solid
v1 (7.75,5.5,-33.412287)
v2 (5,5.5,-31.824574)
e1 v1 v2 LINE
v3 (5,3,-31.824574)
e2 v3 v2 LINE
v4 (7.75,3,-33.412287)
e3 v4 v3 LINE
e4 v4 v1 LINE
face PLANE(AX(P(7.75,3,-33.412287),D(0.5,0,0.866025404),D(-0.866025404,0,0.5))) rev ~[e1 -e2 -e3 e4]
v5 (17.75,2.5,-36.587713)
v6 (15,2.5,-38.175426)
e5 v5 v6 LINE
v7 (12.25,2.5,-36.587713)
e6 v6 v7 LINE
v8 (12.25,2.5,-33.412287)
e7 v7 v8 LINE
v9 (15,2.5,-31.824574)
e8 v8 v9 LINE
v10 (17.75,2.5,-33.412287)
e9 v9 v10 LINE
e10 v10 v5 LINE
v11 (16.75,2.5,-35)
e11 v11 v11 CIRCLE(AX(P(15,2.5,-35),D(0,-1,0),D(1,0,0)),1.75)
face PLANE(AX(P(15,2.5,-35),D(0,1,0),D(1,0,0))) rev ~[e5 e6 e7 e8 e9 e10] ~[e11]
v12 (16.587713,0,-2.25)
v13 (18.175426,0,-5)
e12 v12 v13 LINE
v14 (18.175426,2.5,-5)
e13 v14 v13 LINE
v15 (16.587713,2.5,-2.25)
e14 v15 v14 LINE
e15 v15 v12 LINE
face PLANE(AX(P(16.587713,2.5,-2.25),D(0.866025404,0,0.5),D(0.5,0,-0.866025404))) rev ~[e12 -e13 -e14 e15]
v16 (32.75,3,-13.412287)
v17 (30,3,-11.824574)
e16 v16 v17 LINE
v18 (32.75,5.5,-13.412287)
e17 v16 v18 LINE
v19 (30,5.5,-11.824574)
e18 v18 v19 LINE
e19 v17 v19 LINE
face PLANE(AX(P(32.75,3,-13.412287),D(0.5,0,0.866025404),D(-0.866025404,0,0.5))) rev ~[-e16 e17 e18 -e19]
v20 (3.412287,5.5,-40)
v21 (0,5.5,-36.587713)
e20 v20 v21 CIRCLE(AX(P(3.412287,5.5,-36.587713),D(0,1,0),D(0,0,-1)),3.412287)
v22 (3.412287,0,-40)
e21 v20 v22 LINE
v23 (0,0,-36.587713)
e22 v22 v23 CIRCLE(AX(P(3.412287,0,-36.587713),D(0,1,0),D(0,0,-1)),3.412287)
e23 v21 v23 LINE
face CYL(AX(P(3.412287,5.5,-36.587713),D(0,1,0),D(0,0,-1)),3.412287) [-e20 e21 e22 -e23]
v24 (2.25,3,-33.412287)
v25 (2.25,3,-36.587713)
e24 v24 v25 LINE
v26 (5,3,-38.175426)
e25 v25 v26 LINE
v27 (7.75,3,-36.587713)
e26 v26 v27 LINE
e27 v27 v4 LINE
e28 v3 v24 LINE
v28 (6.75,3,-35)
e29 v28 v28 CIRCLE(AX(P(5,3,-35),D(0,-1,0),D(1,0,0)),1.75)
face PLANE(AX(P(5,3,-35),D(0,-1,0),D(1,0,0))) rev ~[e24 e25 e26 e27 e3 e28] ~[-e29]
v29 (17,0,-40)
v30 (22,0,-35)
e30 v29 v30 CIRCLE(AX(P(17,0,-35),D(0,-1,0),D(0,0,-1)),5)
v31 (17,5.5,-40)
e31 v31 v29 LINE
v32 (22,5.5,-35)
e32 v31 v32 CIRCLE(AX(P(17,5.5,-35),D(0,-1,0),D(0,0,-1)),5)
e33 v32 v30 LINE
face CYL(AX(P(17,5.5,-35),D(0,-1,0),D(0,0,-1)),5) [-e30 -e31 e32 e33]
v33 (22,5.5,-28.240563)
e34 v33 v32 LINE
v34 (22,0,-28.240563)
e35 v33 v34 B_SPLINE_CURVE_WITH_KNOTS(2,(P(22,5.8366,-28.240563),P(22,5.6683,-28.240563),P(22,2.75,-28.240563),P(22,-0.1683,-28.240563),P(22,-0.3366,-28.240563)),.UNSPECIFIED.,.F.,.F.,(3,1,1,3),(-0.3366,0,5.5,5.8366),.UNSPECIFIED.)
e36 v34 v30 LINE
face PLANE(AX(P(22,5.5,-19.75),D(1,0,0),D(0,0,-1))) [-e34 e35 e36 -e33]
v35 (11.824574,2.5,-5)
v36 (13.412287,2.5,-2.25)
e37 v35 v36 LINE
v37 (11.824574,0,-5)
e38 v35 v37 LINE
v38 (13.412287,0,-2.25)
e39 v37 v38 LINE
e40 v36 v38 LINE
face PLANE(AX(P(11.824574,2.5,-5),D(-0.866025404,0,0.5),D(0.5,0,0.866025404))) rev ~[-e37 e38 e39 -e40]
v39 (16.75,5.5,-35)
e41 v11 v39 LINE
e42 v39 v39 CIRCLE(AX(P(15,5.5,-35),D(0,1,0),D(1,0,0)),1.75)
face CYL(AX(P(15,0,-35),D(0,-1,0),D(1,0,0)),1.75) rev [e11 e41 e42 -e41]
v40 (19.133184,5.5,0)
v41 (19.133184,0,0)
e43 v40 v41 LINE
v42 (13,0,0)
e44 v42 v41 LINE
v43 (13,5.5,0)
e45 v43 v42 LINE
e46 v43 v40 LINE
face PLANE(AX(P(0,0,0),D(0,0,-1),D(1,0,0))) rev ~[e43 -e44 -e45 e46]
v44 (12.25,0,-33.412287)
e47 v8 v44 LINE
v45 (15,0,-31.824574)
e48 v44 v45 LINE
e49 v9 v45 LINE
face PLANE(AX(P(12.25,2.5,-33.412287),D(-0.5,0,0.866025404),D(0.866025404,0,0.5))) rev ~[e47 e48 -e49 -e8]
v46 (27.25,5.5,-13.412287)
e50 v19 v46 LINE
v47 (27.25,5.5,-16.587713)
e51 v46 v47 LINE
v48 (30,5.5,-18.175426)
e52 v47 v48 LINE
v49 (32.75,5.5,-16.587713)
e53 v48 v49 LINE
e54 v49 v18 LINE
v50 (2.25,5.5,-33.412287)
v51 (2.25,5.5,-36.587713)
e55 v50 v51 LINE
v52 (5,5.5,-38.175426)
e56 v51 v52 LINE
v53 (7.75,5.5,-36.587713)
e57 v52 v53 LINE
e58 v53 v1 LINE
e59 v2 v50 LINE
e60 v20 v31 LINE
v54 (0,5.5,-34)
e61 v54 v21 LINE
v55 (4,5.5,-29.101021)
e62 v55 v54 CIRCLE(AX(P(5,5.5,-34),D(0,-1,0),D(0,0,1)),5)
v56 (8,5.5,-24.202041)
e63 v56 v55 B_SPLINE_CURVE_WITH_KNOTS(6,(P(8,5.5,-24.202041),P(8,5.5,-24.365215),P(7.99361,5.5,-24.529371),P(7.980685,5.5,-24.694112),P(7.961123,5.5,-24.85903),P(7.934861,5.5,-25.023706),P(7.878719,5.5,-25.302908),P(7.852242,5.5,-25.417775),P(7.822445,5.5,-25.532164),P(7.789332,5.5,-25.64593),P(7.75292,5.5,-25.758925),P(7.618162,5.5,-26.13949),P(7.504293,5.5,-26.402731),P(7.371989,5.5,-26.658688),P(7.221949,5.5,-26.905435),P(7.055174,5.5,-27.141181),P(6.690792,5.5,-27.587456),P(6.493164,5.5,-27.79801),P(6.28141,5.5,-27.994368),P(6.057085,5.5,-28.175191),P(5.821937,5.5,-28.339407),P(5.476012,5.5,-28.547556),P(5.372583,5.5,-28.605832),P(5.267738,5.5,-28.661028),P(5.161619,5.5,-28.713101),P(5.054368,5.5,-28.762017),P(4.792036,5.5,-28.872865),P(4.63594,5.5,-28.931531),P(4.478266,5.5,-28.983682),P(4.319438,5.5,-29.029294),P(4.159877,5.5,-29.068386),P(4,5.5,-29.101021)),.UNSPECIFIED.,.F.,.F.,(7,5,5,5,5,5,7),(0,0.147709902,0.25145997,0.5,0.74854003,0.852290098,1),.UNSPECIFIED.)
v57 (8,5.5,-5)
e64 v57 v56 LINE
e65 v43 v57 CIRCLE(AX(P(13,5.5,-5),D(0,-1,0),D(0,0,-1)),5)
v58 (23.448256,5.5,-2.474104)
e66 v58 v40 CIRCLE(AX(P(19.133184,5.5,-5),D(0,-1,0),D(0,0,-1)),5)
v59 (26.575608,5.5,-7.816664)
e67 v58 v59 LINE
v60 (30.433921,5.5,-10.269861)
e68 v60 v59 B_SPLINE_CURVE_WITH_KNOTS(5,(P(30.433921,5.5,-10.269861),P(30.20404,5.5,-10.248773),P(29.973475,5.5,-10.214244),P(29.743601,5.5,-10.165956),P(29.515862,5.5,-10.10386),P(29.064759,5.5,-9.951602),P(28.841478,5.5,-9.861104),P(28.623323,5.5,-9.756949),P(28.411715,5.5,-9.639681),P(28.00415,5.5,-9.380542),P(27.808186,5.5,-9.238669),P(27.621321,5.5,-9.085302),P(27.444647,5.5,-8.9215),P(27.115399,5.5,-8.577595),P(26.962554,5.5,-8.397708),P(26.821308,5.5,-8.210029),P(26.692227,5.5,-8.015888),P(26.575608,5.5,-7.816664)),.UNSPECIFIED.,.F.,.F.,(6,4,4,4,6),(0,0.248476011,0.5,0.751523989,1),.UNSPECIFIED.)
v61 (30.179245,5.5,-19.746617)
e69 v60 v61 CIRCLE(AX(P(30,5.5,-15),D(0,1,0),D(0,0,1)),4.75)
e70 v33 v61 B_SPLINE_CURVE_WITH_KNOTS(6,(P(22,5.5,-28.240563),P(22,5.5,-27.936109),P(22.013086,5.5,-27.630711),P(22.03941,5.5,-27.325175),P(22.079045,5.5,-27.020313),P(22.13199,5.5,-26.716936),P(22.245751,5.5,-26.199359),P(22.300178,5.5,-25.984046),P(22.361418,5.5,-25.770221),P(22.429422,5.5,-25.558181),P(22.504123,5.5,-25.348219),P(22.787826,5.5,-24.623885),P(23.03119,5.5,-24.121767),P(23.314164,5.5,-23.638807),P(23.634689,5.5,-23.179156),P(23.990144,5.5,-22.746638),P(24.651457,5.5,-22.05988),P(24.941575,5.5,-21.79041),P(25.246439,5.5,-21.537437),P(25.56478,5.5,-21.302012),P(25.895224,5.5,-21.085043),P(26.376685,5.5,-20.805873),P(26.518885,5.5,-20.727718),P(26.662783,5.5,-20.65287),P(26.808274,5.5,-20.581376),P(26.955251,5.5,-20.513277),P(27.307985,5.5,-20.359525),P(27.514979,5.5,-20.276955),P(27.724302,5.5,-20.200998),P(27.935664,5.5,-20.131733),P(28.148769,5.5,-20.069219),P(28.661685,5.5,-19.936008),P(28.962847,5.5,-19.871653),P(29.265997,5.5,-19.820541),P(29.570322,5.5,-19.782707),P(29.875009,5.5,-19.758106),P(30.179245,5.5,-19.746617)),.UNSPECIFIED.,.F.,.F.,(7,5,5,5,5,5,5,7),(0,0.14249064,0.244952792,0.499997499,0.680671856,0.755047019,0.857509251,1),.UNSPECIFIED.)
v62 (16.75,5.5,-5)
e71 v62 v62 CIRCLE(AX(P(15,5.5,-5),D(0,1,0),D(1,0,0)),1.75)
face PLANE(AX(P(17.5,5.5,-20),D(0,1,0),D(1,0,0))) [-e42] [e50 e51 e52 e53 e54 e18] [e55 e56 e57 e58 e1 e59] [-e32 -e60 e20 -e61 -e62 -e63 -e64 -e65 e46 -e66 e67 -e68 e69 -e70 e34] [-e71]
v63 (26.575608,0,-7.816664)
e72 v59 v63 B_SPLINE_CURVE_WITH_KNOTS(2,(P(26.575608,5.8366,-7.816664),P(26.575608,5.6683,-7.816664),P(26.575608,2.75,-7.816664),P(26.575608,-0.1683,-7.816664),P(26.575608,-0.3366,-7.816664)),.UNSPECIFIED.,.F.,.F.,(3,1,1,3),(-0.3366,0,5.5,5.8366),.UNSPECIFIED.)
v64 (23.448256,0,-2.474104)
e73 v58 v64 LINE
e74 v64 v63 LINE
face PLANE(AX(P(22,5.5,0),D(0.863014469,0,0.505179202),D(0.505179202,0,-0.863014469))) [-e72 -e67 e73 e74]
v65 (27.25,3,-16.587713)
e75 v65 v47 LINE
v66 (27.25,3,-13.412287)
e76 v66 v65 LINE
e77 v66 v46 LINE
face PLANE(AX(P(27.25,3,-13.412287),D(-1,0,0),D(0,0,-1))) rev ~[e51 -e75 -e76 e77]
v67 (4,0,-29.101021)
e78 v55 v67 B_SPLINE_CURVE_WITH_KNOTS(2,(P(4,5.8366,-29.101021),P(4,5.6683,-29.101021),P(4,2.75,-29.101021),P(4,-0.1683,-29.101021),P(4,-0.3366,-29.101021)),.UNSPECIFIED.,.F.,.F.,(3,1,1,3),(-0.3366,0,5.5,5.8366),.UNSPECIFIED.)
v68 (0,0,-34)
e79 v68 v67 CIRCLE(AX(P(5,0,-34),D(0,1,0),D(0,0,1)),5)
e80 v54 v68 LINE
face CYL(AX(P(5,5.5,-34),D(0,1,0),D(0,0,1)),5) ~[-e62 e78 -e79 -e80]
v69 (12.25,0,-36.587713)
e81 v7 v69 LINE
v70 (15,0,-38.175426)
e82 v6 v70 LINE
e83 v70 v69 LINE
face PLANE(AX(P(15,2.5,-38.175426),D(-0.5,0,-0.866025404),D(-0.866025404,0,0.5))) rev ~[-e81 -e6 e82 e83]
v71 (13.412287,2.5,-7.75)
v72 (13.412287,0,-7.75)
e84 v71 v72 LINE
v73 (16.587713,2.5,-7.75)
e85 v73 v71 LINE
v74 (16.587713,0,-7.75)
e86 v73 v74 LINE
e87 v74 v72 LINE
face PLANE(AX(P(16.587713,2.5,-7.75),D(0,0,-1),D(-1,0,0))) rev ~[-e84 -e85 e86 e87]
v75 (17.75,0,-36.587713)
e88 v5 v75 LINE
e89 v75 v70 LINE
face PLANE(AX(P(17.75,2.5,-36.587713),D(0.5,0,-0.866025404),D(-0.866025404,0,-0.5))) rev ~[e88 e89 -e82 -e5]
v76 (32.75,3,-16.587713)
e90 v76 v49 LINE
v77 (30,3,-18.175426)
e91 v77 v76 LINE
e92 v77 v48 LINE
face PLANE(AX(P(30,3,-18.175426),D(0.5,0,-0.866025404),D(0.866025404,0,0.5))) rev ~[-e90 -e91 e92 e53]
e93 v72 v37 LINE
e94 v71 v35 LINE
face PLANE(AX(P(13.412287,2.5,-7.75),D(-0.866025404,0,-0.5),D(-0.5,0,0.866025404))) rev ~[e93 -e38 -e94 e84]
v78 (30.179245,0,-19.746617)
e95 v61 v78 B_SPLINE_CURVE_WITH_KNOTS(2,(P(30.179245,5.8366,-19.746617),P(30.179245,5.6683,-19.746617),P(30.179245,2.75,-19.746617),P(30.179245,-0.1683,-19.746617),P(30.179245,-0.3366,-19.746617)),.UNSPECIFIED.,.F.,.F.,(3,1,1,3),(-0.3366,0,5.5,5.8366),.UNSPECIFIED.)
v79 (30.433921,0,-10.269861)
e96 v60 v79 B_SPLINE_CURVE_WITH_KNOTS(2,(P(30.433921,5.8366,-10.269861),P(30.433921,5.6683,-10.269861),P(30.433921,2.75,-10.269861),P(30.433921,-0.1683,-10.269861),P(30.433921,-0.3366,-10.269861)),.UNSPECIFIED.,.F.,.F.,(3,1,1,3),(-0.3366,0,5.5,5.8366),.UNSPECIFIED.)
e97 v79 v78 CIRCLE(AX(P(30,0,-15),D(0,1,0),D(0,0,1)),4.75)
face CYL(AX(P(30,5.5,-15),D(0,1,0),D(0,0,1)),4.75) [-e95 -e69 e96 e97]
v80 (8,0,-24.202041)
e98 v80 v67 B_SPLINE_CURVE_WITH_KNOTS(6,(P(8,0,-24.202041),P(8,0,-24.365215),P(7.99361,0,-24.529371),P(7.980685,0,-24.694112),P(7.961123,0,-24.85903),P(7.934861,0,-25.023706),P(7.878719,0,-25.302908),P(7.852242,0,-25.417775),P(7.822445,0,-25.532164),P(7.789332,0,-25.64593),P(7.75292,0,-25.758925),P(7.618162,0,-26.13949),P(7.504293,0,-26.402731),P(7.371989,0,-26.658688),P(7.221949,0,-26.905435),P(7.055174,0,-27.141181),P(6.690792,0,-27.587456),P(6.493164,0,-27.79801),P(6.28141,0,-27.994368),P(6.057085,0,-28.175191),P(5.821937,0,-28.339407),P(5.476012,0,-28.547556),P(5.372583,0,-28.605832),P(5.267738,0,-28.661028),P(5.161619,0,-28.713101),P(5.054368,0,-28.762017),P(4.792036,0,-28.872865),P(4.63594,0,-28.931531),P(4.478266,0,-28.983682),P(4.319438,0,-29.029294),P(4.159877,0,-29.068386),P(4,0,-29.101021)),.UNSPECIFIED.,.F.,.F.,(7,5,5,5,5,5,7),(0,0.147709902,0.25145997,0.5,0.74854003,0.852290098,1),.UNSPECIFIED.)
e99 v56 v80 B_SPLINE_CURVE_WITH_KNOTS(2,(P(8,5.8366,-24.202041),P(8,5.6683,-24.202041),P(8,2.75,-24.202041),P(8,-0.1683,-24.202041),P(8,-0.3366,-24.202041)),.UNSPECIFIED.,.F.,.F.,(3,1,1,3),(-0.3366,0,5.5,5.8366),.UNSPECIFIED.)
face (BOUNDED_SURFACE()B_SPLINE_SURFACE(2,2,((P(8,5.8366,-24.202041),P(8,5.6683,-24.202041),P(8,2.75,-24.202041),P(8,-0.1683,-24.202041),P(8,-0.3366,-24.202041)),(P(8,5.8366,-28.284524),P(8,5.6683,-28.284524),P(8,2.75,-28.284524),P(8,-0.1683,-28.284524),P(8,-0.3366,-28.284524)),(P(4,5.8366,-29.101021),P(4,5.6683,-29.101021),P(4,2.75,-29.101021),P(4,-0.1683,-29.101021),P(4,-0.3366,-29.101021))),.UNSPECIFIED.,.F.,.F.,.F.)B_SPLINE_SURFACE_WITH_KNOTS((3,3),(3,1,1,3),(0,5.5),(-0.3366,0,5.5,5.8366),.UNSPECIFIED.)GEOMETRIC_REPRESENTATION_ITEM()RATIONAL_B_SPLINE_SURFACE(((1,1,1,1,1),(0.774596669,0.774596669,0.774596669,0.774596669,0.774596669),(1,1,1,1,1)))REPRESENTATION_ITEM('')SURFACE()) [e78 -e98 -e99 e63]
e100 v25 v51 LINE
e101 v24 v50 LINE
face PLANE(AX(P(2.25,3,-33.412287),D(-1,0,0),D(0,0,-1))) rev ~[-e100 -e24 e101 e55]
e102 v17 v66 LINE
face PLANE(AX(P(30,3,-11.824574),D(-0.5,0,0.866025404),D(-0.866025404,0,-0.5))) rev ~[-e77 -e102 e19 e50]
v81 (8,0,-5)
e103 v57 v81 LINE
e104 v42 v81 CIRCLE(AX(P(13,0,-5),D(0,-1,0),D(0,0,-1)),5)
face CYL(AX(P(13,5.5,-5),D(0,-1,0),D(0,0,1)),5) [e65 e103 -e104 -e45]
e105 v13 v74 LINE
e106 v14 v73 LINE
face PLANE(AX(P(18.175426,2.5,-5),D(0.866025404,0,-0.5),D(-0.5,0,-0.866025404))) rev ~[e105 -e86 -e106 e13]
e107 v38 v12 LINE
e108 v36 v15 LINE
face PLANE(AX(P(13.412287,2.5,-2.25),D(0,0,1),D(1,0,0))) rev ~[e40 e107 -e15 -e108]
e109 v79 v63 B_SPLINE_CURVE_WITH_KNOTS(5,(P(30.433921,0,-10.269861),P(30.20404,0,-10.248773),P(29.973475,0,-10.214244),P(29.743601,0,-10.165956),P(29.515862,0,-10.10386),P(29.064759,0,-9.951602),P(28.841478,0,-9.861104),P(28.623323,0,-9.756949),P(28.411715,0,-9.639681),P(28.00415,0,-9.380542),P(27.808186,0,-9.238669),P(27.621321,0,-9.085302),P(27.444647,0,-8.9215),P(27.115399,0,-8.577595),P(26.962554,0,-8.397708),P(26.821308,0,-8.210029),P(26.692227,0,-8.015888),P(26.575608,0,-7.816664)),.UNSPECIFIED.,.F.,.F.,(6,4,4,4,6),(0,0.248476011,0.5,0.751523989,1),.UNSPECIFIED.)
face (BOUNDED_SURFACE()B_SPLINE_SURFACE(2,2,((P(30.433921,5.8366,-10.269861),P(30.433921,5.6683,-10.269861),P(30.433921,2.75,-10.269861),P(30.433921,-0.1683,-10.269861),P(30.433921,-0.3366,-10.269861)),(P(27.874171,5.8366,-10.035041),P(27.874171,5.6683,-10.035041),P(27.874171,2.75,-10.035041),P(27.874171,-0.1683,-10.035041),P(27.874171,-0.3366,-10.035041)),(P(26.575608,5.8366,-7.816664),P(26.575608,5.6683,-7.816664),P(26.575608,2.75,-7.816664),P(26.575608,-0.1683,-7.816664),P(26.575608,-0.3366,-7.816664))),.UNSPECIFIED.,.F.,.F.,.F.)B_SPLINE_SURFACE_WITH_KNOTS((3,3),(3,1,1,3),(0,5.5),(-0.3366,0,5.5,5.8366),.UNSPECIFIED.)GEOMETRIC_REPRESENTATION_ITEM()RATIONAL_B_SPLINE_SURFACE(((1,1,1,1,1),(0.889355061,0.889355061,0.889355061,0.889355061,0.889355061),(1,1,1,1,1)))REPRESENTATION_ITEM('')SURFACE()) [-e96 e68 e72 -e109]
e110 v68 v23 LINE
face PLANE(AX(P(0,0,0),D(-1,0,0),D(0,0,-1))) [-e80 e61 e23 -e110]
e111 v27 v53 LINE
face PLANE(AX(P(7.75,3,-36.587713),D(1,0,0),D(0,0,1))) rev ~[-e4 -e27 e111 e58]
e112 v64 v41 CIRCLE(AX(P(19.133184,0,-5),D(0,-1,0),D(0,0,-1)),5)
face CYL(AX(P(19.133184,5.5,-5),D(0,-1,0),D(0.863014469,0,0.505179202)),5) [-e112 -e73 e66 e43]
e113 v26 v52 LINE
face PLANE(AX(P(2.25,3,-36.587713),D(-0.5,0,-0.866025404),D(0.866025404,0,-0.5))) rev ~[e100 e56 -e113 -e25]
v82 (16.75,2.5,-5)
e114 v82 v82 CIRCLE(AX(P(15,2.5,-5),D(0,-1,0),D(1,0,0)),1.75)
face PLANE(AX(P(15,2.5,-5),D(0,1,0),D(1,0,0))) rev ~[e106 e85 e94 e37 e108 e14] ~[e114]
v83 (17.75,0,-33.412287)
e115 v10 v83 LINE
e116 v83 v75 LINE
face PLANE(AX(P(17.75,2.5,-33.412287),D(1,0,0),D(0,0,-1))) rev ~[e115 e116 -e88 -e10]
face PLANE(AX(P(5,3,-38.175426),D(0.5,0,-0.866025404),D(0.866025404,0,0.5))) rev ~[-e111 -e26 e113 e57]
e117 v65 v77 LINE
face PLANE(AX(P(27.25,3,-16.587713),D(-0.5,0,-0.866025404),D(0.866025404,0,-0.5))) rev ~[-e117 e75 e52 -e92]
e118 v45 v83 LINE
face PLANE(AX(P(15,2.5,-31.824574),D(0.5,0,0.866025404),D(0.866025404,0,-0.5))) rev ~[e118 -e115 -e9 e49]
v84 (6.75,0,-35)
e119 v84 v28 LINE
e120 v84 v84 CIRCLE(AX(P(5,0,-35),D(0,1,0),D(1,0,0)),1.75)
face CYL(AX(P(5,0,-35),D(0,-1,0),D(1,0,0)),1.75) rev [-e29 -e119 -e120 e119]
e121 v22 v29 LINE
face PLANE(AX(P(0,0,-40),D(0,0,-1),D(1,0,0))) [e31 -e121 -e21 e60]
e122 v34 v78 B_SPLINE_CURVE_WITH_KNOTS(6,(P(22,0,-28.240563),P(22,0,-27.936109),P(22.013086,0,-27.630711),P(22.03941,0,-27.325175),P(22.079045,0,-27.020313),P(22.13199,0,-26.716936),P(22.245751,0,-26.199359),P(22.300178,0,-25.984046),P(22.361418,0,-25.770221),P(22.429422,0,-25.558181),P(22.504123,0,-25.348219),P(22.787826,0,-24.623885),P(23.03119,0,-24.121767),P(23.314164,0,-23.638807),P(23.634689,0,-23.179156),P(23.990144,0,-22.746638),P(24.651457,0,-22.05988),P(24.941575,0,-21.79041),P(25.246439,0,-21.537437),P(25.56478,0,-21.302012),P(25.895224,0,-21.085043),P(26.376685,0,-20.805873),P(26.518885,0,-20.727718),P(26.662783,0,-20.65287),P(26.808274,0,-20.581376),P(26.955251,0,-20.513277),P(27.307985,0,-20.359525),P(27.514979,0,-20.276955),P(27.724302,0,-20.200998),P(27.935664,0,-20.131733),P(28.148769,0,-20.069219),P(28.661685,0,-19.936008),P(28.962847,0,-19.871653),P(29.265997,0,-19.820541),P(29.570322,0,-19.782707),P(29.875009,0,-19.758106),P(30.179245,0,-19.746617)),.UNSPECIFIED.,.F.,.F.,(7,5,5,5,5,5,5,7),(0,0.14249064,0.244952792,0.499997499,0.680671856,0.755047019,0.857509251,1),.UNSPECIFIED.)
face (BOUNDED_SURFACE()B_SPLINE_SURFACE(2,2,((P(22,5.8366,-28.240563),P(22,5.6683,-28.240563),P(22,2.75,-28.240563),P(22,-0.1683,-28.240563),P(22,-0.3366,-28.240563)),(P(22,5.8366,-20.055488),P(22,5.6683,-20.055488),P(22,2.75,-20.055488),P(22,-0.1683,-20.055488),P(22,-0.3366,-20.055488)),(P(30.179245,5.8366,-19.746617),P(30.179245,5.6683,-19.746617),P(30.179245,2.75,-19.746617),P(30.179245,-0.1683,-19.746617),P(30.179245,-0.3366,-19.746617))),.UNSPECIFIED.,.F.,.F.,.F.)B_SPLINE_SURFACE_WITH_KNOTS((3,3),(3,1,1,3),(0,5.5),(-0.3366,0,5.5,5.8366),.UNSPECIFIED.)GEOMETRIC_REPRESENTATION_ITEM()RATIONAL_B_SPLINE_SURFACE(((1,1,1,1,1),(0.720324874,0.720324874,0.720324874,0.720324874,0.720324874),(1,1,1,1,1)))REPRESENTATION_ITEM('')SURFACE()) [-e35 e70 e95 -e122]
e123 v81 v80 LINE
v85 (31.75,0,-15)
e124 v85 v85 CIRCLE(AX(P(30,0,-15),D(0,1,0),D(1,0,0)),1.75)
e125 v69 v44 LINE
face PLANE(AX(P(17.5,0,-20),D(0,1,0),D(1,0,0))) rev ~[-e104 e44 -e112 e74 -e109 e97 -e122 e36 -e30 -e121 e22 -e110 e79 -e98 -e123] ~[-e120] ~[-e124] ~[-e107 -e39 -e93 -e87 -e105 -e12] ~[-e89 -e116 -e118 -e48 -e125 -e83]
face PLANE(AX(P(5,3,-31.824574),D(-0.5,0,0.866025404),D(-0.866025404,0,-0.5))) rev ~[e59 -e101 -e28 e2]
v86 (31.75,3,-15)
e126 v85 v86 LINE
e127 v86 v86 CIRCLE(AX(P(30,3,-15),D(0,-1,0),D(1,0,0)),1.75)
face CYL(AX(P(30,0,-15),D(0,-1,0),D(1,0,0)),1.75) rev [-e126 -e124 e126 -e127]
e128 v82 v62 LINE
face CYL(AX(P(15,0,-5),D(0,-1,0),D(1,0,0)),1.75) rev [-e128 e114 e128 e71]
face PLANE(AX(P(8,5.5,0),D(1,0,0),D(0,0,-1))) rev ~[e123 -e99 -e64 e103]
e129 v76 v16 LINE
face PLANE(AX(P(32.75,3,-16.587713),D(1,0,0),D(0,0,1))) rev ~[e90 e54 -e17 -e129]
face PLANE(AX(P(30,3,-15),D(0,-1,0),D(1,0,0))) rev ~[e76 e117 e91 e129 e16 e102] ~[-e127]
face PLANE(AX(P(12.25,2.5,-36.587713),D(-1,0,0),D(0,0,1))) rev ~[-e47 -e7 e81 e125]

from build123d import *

# Parameters (mm, degrees)
SKETCH2_W           = 35
SKETCH2_H           = 40
SKETCH2_R           = 1.75
BOSS_EXTRUDE2_DEPTH = 5.5
CUT_EXTRUDE1_REACH  = 10.5
CUT_EXTRUDE1_START  = -3
CUT_EXTRUDE2_START  = -3
CUT_EXTRUDE2_DEPTH  = 10
CUT_EXTRUDE3_DEPTH  = 6.5
FILLET3_R           = 5
FILLET4_R           = 8.5


with BuildPart() as part:
    # Sketch2 → Boss-Extrude2 (new body)
    with BuildSketch(Plane(origin=(0, 0, 0), x_dir=(1, 0, 0), z_dir=(0, 1, 0))):
        with Locations((17.5, 20)):
            Rectangle(SKETCH2_W, SKETCH2_H)
        with Locations((5, 35)):
            Circle(SKETCH2_R, mode=Mode.SUBTRACT)
        with Locations((30, 15)):
            Circle(SKETCH2_R, mode=Mode.SUBTRACT)
        with Locations((15, 35)):
            Circle(SKETCH2_R, mode=Mode.SUBTRACT)
        with Locations((15, 5)):
            Circle(SKETCH2_R, mode=Mode.SUBTRACT)
    extrude(amount=BOSS_EXTRUDE2_DEPTH)

    # Sketch3 → Cut-Extrude1 (cut, up to next)
    with BuildSketch(Plane.XZ.offset(CUT_EXTRUDE1_START), mode=Mode.PRIVATE) as cut_extrude1_sk1:
        Polygon((7.75, -36.58771324), (7.75, -33.41228676), (5, -31.824573519), (2.25, -33.41228676), (2.25, -36.58771324), (5, -38.175426481), align=None)
    cut_extrude1_tool1 = extrude(cut_extrude1_sk1.sketch, amount=-CUT_EXTRUDE1_REACH, mode=Mode.PRIVATE) & part.part
    add(cut_extrude1_tool1.solids().sort_by_distance((5, 3, -35))[0], mode=Mode.SUBTRACT)
    # Sketch3 → Cut-Extrude1 (cut, up to next)
    with BuildSketch(Plane.XZ.offset(CUT_EXTRUDE1_START), mode=Mode.PRIVATE) as cut_extrude1_sk2:
        Polygon((30, -11.824573519), (27.25, -13.41228676), (27.25, -16.58771324), (30, -18.175426481), (32.75, -16.58771324), (32.75, -13.41228676), align=None)
    cut_extrude1_tool2 = extrude(cut_extrude1_sk2.sketch, amount=-CUT_EXTRUDE1_REACH, mode=Mode.PRIVATE) & part.part
    add(cut_extrude1_tool2.solids().sort_by_distance((30, 3, -15))[0], mode=Mode.SUBTRACT)

    # Sketch4 → Cut-Extrude2 (cut)
    with BuildSketch(Plane(origin=(0, 5.5, 0), x_dir=(1, 0, 0), z_dir=(0, 1, 0)).offset(CUT_EXTRUDE2_START)):
        Polygon((17.75, 36.58771324), (15, 38.175426481), (12.25, 36.58771324), (12.25, 33.41228676), (15, 31.824573519), (17.75, 33.41228676), align=None)
        Polygon((13.41228676, 7.75), (11.824573519, 5), (13.41228676, 2.25), (16.58771324, 2.25), (18.175426481, 5), (16.58771324, 7.75), align=None)
    extrude(amount=-CUT_EXTRUDE2_DEPTH, mode=Mode.SUBTRACT)

    # Sketch5 → Cut-Extrude3 (cut, through all)
    with BuildSketch(Plane(origin=(0, 5.5, 0), x_dir=(1, 0, 0), z_dir=(0, 1, 0))):
        with BuildLine():
            Line((0, 36.58771324), (0, 40))
            Line((0, 40), (3.41228676, 40))
            ThreePointArc((3.41228676, 40), (0.999435653, 39.000564347), (0, 36.58771324))
        make_face()
        with BuildLine():
            Line((30, 19.75), (22, 19.75))
            Line((22, 19.75), (22, 40))
            Line((22, 40), (35, 40))
            Line((35, 40), (35, 0))
            Line((35, 0), (22, 0))
            Line((22, 0), (28, 10.25))
            Line((28, 10.25), (30, 10.25))
            ThreePointArc((30, 10.25), (34.75, 15), (30, 19.75))
        make_face()
        with BuildLine():
            Line((0, 34), (0, 0))
            Line((0, 0), (8, 0))
            Line((8, 0), (8, 29))
            Line((8, 29), (5, 29))
            ThreePointArc((5, 29), (1.464466094, 30.464466094), (0, 34))
        make_face()
    extrude(amount=-CUT_EXTRUDE3_DEPTH, mode=Mode.SUBTRACT)

    # Fillet3
    fillet3_edges = [part.edges().sort_by_distance(p)[0] for p in [
        (28, 2.75, -10.25),
        (22, 2.75, 0),
        (22, 2.75, -40),
        (8, 2.75, -29),
        (8, 2.75, 0),
    ]]
    fillet(fillet3_edges, radius=FILLET3_R)

    # Fillet4
    fillet4_edges = [part.edges().sort_by_distance(p)[0] for p in [
        (22, 2.75, -19.75),
    ]]
    fillet(fillet4_edges, radius=FILLET4_R)


solid = part.part
